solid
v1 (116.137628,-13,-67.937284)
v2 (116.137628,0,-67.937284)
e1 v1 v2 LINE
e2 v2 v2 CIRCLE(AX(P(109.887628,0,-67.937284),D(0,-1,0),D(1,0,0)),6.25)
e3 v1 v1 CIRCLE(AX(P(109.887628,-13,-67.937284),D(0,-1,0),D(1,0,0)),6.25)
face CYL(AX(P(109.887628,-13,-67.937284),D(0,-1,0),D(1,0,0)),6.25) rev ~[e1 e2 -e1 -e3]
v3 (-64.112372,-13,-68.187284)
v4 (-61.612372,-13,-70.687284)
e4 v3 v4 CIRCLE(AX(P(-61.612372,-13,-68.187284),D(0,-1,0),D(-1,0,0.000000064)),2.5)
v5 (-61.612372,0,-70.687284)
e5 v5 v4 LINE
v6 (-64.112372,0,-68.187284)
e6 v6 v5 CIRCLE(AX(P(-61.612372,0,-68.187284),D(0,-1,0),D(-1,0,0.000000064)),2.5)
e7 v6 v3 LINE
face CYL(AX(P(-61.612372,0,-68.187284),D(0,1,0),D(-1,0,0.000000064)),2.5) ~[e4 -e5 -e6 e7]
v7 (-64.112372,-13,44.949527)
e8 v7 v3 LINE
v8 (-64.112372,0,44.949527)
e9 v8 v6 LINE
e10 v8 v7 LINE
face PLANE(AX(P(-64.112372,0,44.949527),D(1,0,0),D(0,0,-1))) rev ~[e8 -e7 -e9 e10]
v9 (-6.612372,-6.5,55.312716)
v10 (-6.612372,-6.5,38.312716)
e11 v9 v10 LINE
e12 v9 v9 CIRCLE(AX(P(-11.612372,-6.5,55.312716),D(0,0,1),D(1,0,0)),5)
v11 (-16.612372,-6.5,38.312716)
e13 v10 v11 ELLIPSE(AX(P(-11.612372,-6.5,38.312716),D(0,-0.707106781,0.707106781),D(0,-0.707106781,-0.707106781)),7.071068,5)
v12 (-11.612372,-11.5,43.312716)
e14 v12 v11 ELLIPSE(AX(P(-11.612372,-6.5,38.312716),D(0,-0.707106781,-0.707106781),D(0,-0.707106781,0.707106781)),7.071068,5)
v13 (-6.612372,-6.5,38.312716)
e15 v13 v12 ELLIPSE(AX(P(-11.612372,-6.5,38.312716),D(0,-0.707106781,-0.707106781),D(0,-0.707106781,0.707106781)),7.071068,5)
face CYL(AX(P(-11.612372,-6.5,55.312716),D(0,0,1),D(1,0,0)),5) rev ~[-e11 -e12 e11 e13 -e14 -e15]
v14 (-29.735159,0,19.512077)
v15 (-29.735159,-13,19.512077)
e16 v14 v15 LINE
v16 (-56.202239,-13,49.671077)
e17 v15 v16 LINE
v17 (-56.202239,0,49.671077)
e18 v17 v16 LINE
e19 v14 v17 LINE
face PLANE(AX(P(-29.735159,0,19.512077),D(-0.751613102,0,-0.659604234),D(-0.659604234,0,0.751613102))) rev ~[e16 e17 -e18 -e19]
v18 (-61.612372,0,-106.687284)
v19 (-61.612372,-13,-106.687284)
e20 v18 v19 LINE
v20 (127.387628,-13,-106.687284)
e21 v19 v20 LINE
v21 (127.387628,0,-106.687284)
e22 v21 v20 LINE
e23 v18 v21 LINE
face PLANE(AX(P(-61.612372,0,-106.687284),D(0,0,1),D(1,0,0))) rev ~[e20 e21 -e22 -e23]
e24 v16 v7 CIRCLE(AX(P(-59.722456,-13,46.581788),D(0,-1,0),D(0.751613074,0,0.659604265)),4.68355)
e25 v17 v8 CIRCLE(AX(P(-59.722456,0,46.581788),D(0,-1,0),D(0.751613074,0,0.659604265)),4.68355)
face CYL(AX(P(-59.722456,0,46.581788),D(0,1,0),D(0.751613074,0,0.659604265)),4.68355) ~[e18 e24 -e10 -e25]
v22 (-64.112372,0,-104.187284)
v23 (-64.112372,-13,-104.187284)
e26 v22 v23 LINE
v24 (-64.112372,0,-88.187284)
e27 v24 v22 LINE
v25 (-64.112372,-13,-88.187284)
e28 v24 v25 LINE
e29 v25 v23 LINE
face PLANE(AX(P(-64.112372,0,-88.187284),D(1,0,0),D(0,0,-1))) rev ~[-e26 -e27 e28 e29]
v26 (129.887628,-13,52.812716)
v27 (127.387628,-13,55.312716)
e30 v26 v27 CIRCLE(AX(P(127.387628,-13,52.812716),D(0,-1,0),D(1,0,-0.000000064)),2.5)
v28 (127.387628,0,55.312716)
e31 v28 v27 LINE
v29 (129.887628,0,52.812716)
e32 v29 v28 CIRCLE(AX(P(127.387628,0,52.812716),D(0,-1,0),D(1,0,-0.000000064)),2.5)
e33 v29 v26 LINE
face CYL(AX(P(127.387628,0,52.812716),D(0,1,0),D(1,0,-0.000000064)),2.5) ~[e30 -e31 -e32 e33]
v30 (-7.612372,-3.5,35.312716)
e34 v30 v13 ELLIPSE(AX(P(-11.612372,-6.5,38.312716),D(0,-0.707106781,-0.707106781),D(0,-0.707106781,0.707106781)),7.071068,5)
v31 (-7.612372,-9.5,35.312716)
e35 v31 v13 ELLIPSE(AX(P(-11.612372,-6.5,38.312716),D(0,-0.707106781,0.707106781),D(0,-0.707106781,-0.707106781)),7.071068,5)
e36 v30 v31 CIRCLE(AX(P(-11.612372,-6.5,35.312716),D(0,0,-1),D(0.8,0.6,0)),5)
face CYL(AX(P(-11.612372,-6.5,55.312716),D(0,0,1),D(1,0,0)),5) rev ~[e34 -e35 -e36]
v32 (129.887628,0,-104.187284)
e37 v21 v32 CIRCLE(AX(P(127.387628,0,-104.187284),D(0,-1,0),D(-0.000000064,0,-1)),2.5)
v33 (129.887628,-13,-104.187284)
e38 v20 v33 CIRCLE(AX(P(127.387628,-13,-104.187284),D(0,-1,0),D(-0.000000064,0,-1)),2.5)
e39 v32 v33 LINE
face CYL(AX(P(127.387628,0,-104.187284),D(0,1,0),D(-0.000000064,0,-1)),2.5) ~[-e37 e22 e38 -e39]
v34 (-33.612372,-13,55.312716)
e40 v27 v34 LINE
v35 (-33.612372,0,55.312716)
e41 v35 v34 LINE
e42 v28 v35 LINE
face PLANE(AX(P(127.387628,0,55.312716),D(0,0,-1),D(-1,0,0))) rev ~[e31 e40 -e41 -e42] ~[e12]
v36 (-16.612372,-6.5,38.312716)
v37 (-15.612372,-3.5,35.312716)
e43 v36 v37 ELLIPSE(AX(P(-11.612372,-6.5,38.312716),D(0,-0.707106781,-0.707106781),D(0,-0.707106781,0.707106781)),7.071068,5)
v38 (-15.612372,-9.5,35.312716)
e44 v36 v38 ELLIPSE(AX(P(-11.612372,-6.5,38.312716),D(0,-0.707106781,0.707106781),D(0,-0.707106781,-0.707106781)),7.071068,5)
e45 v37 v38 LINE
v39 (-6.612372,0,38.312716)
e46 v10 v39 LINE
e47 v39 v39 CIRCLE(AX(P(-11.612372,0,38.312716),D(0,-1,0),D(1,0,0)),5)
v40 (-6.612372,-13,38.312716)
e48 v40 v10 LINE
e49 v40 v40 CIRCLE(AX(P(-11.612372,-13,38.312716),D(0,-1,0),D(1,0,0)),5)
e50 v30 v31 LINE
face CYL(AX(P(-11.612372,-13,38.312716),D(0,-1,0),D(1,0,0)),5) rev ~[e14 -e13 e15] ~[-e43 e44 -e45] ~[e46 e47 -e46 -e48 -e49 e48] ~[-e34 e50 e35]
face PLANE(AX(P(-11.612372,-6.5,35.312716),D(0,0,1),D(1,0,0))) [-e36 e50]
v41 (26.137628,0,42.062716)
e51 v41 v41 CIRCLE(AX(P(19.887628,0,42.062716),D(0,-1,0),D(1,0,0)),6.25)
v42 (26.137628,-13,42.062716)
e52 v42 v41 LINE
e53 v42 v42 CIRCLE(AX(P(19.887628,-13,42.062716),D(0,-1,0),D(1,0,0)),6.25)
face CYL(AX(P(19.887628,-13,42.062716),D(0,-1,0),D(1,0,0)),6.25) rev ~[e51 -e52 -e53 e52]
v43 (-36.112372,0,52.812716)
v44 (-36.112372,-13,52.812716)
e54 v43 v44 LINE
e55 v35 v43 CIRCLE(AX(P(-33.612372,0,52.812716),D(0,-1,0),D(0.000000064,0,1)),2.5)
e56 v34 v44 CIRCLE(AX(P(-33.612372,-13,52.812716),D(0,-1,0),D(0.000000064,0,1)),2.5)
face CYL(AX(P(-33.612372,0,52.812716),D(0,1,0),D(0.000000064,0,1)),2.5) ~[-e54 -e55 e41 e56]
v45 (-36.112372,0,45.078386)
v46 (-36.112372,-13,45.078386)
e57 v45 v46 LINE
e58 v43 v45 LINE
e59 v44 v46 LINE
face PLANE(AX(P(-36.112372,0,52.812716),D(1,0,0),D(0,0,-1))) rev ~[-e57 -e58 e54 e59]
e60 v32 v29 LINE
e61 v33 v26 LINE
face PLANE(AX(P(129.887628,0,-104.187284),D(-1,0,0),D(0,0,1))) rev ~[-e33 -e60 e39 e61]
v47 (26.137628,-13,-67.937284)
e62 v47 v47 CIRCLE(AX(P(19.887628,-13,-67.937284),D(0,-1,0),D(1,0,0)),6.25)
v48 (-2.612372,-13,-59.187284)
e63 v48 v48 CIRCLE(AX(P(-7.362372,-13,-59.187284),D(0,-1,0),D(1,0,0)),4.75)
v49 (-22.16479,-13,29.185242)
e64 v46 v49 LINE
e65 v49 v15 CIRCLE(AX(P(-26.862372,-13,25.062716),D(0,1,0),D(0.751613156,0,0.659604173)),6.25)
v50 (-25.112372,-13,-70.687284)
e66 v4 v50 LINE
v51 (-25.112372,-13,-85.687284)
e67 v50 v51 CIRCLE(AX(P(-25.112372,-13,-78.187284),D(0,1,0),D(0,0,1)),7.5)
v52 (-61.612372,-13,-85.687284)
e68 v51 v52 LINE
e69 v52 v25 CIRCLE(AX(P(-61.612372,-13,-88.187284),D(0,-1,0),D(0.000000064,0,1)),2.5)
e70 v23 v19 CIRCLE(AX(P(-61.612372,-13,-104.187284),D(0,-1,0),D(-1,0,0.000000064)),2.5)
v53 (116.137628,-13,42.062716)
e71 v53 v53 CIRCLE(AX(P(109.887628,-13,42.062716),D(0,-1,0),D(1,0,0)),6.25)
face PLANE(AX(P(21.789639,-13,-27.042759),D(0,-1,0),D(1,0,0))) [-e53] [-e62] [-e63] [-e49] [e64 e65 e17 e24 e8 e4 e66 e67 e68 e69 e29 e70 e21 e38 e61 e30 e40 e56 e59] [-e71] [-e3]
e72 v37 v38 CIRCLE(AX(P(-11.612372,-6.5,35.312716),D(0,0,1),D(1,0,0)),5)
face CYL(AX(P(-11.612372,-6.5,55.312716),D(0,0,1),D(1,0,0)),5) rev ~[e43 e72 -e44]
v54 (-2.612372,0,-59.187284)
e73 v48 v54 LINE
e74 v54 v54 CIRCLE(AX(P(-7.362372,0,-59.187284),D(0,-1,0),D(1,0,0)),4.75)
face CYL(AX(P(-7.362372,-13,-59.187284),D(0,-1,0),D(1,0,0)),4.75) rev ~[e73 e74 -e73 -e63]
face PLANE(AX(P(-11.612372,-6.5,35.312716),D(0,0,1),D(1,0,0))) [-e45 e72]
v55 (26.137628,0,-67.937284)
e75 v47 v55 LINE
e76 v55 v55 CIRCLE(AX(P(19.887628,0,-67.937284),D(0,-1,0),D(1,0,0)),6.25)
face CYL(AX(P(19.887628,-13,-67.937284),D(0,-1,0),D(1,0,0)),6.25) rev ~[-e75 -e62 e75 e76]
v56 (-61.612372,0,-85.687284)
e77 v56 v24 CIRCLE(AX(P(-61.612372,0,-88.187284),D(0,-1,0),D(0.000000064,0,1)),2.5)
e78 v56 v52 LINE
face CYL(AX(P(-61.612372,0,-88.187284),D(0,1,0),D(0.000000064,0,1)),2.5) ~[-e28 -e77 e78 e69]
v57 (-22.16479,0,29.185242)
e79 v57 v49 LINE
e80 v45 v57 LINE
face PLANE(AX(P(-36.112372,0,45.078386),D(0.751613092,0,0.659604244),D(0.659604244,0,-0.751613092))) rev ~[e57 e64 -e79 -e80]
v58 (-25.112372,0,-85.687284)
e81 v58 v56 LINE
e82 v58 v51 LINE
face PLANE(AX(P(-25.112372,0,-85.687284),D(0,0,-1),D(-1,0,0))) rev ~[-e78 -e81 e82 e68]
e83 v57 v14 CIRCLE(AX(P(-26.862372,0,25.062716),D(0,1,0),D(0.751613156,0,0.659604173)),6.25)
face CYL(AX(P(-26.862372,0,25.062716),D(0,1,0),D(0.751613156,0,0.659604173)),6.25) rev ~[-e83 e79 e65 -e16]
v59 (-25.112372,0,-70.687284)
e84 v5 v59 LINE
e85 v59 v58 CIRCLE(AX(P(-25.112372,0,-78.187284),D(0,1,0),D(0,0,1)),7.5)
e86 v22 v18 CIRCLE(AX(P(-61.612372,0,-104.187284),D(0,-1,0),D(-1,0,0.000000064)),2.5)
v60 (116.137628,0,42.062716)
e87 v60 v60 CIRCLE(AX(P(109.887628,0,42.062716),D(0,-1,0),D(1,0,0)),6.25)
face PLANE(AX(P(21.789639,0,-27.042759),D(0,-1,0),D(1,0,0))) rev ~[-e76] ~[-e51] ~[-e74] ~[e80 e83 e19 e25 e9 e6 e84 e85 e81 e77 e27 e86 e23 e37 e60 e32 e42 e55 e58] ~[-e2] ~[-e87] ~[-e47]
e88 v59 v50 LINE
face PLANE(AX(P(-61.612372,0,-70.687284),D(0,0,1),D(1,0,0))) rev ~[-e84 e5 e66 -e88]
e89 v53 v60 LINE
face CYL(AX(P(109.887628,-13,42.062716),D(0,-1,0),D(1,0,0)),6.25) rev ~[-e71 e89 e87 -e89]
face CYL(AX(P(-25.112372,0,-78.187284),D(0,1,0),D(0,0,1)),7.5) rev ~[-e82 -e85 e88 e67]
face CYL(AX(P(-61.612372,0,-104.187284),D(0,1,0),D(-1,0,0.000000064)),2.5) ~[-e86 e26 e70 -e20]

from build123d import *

# Parameters (mm, degrees)
F1_DEPTH = 13
F2_R     = 5
F2_R_2   = 6.25
F2_R_3   = 4.75
F3_DEPTH = 13
F4_R     = 5
F5_DEPTH = 20


with BuildPart() as f1:
    # F0 (on Front) → F1 (new body)
    with BuildSketch(Plane.XZ):
        with BuildLine():
            Line((-64.112372, -88.187284), (-64.112372, -104.187284))
            ThreePointArc((-64.112372, -104.187284), (-63.380139, -105.955051), (-61.612372, -106.687284))
            Line((-61.612372, -106.687284), (127.387628, -106.687284))
            ThreePointArc((127.387628, -106.687284), (129.155395, -105.955051), (129.887628, -104.187284))
            Line((129.887628, -104.187284), (129.887628, 52.812716))
            ThreePointArc((129.887628, 52.812716), (129.155395, 54.580483), (127.387628, 55.312716))
            Line((127.387628, 55.312716), (-33.612372, 55.312716))
            ThreePointArc((-33.612372, 55.312716), (-35.380139, 54.580483), (-36.112372, 52.812716))
            Line((-36.112372, 52.812716), (-36.112372, 45.078386))
            Line((-36.112372, 45.078386), (-22.16479, 29.185242))
            ThreePointArc((-22.16479, 29.185242), (-21.940482, 21.210769), (-29.735159, 19.512077))
            Line((-29.735159, 19.512077), (-56.202239, 49.671077))
            ThreePointArc((-56.202239, 49.671077), (-62.122946, 50.60339), (-64.112372, 44.949527))
            Line((-64.112372, 44.949527), (-64.112372, -36.543813))
            Line((-64.112372, -36.543813), (-64.112372, -68.187284))
            ThreePointArc((-64.112372, -68.187284), (-63.380139, -69.955051), (-61.612372, -70.687284))
            Line((-61.612372, -70.687284), (-53.58046, -70.687284))
            Line((-53.58046, -70.687284), (-25.112372, -70.687284))
            ThreePointArc((-25.112372, -70.687284), (-17.612372, -78.187284), (-25.112372, -85.687284))
            Line((-25.112372, -85.687284), (-61.612372, -85.687284))
            ThreePointArc((-61.612372, -85.687284), (-63.380139, -86.419517), (-64.112372, -88.187284))
        make_face()
    extrude(amount=F1_DEPTH)

    # F2 (on face) → F3 (cut)
    with BuildSketch(Plane.XZ.offset(13)):
        with Locations((-11.612372, 38.312716)):
            Circle(F2_R)
        with Locations((19.887628, 42.062716)):
            Circle(F2_R_2)
        with Locations((109.887628, 42.062716)):
            Circle(F2_R_2)
        with Locations((109.887628, -67.937284)):
            Circle(F2_R_2)
        with Locations((19.887628, -67.937284)):
            Circle(F2_R_2)
        with Locations((-7.362372, -59.187284)):
            Circle(F2_R_3)
    extrude(amount=-F3_DEPTH, mode=Mode.SUBTRACT)

    # F4 (on face) → F5 (cut)
    with BuildSketch(Plane.XY.offset(55.312716)):
        with Locations((-11.612372, -6.5)):
            Circle(F4_R)
    extrude(amount=-F5_DEPTH, mode=Mode.SUBTRACT)


solid = f1.part
